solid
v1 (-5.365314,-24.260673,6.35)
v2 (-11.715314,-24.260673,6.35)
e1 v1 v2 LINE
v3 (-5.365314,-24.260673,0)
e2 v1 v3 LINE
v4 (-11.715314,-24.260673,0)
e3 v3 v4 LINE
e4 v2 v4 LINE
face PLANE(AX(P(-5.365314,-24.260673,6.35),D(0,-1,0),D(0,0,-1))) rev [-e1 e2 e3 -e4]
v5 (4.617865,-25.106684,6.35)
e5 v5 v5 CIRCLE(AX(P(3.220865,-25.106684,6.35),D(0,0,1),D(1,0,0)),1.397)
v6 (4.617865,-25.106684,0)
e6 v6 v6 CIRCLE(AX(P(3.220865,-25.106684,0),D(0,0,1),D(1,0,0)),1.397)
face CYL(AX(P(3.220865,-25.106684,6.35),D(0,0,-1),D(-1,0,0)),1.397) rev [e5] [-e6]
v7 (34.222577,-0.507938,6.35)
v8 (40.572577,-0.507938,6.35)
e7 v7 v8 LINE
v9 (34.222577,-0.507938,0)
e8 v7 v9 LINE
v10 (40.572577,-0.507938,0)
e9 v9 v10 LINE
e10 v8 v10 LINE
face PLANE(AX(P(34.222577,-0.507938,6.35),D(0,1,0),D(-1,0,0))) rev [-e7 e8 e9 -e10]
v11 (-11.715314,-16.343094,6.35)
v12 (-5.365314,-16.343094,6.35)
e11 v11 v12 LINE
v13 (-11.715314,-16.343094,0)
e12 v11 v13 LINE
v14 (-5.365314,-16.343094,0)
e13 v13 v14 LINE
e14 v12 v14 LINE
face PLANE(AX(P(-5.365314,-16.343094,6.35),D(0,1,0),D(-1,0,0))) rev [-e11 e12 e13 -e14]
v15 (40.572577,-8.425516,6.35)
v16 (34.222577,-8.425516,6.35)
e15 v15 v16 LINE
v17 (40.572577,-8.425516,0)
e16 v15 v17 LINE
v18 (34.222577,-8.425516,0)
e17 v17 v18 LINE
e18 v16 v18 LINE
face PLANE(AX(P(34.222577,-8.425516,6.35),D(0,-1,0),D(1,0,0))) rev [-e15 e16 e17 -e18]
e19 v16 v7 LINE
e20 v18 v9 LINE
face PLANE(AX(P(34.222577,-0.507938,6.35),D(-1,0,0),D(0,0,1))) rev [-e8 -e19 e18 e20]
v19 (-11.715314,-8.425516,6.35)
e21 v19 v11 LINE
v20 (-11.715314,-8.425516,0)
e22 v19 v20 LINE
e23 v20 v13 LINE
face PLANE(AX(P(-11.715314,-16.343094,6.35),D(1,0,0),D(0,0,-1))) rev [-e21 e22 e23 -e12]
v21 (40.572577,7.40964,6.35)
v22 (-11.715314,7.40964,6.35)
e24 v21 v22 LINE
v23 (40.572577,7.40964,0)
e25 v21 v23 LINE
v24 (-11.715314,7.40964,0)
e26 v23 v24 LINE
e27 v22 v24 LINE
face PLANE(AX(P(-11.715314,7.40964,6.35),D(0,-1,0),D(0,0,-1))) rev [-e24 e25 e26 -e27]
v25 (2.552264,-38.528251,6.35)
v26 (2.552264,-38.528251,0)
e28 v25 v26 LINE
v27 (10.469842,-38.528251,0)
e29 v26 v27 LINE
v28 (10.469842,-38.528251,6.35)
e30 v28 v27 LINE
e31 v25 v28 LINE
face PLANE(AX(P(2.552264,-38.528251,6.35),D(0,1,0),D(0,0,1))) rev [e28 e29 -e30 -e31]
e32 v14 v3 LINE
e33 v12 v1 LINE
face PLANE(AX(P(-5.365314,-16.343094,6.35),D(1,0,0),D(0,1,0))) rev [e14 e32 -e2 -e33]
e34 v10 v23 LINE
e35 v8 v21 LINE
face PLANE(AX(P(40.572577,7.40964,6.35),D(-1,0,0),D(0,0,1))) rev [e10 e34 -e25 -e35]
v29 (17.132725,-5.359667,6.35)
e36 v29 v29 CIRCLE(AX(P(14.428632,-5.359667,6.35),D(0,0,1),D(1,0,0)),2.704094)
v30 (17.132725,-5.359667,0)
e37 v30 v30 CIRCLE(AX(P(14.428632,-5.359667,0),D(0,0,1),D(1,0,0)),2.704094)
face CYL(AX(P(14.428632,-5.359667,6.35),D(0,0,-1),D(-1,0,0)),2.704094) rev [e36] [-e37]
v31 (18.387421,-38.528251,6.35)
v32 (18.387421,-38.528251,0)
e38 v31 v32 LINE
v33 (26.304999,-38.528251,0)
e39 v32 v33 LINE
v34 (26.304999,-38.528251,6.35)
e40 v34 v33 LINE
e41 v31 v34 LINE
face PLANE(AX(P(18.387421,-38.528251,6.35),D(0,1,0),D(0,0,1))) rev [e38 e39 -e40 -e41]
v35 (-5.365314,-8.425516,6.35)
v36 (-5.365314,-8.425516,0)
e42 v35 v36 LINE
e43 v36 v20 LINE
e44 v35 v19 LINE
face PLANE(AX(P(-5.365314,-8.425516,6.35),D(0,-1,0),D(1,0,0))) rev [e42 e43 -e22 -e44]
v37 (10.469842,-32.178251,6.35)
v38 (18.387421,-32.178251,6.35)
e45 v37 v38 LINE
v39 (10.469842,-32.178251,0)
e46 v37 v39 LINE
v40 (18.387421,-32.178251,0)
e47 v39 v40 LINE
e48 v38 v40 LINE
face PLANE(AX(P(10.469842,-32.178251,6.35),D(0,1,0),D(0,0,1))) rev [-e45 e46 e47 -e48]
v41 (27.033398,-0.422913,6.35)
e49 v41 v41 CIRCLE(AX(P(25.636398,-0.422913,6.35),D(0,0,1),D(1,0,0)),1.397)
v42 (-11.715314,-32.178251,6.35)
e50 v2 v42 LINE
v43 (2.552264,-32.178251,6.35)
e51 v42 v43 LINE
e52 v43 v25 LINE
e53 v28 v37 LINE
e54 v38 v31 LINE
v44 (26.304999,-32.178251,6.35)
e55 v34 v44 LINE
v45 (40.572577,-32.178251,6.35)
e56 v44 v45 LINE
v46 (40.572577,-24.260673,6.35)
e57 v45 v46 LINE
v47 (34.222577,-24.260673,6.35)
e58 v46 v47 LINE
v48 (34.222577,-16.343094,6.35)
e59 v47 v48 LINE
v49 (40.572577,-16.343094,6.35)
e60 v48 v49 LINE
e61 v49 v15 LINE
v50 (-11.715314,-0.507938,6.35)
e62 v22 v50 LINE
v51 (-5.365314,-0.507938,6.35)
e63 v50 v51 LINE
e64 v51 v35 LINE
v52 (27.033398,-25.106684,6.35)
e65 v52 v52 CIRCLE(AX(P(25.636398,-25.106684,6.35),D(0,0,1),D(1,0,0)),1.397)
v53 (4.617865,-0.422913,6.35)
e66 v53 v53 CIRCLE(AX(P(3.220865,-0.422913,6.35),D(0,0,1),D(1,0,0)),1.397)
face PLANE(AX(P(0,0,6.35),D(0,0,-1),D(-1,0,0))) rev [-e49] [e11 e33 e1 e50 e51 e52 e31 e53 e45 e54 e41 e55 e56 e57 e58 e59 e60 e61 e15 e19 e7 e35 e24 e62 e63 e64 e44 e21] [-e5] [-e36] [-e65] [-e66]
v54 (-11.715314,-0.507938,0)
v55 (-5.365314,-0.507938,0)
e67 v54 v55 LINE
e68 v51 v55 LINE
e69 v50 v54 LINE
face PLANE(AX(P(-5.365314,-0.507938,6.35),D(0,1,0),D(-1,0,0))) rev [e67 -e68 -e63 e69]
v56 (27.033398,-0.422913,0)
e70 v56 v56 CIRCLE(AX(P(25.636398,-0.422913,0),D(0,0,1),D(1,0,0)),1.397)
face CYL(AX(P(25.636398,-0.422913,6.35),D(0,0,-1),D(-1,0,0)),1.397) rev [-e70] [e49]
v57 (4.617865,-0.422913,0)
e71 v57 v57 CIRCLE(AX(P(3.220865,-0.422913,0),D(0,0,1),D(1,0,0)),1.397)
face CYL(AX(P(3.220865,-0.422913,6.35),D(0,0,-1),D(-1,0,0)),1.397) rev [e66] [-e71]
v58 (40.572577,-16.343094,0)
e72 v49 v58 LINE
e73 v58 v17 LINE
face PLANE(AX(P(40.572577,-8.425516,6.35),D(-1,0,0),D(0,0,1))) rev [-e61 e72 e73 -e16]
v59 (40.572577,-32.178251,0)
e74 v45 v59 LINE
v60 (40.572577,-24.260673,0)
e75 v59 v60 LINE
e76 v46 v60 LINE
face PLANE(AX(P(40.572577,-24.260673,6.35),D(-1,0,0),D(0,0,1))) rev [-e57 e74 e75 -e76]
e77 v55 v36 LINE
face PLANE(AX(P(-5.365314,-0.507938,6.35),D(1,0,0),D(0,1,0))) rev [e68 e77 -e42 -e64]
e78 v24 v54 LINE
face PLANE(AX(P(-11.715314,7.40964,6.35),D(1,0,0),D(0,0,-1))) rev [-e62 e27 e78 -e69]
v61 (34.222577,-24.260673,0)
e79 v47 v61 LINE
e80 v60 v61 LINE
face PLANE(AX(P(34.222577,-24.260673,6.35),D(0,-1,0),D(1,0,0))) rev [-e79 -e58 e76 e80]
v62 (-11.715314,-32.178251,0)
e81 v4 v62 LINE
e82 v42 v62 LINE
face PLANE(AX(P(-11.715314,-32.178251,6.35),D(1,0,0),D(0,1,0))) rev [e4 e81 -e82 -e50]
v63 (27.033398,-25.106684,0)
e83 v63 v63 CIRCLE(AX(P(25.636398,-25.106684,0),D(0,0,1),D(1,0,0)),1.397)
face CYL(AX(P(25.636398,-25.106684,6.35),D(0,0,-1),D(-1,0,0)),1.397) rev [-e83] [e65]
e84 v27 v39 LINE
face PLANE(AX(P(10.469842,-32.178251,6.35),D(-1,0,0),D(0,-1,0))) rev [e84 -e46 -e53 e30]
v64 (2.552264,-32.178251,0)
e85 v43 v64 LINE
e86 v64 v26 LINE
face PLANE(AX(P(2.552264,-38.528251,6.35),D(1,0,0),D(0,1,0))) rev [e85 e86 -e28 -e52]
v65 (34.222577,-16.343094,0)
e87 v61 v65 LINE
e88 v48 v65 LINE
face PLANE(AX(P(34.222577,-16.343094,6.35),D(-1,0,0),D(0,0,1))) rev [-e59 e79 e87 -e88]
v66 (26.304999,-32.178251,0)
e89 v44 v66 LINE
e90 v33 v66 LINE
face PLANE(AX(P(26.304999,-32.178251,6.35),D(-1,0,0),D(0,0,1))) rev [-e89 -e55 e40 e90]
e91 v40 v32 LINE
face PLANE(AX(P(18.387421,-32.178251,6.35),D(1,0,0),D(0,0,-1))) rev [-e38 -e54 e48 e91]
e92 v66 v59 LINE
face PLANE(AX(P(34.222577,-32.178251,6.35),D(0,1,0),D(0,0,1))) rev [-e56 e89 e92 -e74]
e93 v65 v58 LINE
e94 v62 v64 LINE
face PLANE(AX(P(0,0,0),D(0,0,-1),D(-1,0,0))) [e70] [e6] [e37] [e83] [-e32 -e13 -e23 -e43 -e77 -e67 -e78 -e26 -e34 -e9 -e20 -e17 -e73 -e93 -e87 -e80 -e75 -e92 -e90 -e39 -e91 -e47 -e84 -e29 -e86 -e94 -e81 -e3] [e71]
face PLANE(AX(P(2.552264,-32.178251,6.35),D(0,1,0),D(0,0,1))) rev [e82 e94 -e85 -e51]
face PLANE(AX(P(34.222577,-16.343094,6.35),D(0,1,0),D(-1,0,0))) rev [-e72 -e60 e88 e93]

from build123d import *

# Parameters (mm, degrees)
SKETCH1_R           = 1.397
SKETCH1_R_2         = 2.704093878
BOSS_EXTRUDE1_DEPTH = 6.35


with BuildPart() as part:
    # Sketch1 → Boss-Extrude1 (new body)
    with BuildSketch(Plane.XY):
        Polygon((34.222577161, -16.34309441), (34.222577161, -24.260672631), (40.572577161, -24.260672631), (40.572577161, -32.178250852), (34.222577161, -32.178250852), (26.30499894, -32.178250852), (26.30499894, -38.528250852), (18.387420719, -38.528250852), (18.387420719, -32.178250852), (10.469842498, -32.178250852), (10.469842498, -38.528250852), (2.552264276, -38.528250852), (2.552264276, -32.178250852), (-5.365313945, -32.178250852), (-11.715313945, -32.178250852), (-11.715313945, -24.260672631), (-5.365313945, -24.260672631), (-5.365313945, -16.34309441), (-11.715313945, -16.34309441), (-11.715313945, -8.425516188), (-5.365313945, -8.425516188), (-5.365313945, -0.507937967), (-11.715313945, -0.507937967), (-11.715313945, 7.409640254), (40.572577161, 7.409640254), (40.572577161, -0.507937967), (34.222577161, -0.507937967), (34.222577161, -8.425516188), (40.572577161, -8.425516188), (40.572577161, -16.34309441), align=None)
        with Locations((3.220865479, -0.422913296)):
            Circle(SKETCH1_R, mode=Mode.SUBTRACT)
        with Locations((25.636397737, -0.422913296)):
            Circle(SKETCH1_R, mode=Mode.SUBTRACT)
        with Locations((25.636397737, -25.106684096)):
            Circle(SKETCH1_R, mode=Mode.SUBTRACT)
        with Locations((3.220865479, -25.106684096)):
            Circle(SKETCH1_R, mode=Mode.SUBTRACT)
        with Locations((14.428631608, -5.359667456)):
            Circle(SKETCH1_R_2, mode=Mode.SUBTRACT)
    extrude(amount=BOSS_EXTRUDE1_DEPTH)


solid = part.part
